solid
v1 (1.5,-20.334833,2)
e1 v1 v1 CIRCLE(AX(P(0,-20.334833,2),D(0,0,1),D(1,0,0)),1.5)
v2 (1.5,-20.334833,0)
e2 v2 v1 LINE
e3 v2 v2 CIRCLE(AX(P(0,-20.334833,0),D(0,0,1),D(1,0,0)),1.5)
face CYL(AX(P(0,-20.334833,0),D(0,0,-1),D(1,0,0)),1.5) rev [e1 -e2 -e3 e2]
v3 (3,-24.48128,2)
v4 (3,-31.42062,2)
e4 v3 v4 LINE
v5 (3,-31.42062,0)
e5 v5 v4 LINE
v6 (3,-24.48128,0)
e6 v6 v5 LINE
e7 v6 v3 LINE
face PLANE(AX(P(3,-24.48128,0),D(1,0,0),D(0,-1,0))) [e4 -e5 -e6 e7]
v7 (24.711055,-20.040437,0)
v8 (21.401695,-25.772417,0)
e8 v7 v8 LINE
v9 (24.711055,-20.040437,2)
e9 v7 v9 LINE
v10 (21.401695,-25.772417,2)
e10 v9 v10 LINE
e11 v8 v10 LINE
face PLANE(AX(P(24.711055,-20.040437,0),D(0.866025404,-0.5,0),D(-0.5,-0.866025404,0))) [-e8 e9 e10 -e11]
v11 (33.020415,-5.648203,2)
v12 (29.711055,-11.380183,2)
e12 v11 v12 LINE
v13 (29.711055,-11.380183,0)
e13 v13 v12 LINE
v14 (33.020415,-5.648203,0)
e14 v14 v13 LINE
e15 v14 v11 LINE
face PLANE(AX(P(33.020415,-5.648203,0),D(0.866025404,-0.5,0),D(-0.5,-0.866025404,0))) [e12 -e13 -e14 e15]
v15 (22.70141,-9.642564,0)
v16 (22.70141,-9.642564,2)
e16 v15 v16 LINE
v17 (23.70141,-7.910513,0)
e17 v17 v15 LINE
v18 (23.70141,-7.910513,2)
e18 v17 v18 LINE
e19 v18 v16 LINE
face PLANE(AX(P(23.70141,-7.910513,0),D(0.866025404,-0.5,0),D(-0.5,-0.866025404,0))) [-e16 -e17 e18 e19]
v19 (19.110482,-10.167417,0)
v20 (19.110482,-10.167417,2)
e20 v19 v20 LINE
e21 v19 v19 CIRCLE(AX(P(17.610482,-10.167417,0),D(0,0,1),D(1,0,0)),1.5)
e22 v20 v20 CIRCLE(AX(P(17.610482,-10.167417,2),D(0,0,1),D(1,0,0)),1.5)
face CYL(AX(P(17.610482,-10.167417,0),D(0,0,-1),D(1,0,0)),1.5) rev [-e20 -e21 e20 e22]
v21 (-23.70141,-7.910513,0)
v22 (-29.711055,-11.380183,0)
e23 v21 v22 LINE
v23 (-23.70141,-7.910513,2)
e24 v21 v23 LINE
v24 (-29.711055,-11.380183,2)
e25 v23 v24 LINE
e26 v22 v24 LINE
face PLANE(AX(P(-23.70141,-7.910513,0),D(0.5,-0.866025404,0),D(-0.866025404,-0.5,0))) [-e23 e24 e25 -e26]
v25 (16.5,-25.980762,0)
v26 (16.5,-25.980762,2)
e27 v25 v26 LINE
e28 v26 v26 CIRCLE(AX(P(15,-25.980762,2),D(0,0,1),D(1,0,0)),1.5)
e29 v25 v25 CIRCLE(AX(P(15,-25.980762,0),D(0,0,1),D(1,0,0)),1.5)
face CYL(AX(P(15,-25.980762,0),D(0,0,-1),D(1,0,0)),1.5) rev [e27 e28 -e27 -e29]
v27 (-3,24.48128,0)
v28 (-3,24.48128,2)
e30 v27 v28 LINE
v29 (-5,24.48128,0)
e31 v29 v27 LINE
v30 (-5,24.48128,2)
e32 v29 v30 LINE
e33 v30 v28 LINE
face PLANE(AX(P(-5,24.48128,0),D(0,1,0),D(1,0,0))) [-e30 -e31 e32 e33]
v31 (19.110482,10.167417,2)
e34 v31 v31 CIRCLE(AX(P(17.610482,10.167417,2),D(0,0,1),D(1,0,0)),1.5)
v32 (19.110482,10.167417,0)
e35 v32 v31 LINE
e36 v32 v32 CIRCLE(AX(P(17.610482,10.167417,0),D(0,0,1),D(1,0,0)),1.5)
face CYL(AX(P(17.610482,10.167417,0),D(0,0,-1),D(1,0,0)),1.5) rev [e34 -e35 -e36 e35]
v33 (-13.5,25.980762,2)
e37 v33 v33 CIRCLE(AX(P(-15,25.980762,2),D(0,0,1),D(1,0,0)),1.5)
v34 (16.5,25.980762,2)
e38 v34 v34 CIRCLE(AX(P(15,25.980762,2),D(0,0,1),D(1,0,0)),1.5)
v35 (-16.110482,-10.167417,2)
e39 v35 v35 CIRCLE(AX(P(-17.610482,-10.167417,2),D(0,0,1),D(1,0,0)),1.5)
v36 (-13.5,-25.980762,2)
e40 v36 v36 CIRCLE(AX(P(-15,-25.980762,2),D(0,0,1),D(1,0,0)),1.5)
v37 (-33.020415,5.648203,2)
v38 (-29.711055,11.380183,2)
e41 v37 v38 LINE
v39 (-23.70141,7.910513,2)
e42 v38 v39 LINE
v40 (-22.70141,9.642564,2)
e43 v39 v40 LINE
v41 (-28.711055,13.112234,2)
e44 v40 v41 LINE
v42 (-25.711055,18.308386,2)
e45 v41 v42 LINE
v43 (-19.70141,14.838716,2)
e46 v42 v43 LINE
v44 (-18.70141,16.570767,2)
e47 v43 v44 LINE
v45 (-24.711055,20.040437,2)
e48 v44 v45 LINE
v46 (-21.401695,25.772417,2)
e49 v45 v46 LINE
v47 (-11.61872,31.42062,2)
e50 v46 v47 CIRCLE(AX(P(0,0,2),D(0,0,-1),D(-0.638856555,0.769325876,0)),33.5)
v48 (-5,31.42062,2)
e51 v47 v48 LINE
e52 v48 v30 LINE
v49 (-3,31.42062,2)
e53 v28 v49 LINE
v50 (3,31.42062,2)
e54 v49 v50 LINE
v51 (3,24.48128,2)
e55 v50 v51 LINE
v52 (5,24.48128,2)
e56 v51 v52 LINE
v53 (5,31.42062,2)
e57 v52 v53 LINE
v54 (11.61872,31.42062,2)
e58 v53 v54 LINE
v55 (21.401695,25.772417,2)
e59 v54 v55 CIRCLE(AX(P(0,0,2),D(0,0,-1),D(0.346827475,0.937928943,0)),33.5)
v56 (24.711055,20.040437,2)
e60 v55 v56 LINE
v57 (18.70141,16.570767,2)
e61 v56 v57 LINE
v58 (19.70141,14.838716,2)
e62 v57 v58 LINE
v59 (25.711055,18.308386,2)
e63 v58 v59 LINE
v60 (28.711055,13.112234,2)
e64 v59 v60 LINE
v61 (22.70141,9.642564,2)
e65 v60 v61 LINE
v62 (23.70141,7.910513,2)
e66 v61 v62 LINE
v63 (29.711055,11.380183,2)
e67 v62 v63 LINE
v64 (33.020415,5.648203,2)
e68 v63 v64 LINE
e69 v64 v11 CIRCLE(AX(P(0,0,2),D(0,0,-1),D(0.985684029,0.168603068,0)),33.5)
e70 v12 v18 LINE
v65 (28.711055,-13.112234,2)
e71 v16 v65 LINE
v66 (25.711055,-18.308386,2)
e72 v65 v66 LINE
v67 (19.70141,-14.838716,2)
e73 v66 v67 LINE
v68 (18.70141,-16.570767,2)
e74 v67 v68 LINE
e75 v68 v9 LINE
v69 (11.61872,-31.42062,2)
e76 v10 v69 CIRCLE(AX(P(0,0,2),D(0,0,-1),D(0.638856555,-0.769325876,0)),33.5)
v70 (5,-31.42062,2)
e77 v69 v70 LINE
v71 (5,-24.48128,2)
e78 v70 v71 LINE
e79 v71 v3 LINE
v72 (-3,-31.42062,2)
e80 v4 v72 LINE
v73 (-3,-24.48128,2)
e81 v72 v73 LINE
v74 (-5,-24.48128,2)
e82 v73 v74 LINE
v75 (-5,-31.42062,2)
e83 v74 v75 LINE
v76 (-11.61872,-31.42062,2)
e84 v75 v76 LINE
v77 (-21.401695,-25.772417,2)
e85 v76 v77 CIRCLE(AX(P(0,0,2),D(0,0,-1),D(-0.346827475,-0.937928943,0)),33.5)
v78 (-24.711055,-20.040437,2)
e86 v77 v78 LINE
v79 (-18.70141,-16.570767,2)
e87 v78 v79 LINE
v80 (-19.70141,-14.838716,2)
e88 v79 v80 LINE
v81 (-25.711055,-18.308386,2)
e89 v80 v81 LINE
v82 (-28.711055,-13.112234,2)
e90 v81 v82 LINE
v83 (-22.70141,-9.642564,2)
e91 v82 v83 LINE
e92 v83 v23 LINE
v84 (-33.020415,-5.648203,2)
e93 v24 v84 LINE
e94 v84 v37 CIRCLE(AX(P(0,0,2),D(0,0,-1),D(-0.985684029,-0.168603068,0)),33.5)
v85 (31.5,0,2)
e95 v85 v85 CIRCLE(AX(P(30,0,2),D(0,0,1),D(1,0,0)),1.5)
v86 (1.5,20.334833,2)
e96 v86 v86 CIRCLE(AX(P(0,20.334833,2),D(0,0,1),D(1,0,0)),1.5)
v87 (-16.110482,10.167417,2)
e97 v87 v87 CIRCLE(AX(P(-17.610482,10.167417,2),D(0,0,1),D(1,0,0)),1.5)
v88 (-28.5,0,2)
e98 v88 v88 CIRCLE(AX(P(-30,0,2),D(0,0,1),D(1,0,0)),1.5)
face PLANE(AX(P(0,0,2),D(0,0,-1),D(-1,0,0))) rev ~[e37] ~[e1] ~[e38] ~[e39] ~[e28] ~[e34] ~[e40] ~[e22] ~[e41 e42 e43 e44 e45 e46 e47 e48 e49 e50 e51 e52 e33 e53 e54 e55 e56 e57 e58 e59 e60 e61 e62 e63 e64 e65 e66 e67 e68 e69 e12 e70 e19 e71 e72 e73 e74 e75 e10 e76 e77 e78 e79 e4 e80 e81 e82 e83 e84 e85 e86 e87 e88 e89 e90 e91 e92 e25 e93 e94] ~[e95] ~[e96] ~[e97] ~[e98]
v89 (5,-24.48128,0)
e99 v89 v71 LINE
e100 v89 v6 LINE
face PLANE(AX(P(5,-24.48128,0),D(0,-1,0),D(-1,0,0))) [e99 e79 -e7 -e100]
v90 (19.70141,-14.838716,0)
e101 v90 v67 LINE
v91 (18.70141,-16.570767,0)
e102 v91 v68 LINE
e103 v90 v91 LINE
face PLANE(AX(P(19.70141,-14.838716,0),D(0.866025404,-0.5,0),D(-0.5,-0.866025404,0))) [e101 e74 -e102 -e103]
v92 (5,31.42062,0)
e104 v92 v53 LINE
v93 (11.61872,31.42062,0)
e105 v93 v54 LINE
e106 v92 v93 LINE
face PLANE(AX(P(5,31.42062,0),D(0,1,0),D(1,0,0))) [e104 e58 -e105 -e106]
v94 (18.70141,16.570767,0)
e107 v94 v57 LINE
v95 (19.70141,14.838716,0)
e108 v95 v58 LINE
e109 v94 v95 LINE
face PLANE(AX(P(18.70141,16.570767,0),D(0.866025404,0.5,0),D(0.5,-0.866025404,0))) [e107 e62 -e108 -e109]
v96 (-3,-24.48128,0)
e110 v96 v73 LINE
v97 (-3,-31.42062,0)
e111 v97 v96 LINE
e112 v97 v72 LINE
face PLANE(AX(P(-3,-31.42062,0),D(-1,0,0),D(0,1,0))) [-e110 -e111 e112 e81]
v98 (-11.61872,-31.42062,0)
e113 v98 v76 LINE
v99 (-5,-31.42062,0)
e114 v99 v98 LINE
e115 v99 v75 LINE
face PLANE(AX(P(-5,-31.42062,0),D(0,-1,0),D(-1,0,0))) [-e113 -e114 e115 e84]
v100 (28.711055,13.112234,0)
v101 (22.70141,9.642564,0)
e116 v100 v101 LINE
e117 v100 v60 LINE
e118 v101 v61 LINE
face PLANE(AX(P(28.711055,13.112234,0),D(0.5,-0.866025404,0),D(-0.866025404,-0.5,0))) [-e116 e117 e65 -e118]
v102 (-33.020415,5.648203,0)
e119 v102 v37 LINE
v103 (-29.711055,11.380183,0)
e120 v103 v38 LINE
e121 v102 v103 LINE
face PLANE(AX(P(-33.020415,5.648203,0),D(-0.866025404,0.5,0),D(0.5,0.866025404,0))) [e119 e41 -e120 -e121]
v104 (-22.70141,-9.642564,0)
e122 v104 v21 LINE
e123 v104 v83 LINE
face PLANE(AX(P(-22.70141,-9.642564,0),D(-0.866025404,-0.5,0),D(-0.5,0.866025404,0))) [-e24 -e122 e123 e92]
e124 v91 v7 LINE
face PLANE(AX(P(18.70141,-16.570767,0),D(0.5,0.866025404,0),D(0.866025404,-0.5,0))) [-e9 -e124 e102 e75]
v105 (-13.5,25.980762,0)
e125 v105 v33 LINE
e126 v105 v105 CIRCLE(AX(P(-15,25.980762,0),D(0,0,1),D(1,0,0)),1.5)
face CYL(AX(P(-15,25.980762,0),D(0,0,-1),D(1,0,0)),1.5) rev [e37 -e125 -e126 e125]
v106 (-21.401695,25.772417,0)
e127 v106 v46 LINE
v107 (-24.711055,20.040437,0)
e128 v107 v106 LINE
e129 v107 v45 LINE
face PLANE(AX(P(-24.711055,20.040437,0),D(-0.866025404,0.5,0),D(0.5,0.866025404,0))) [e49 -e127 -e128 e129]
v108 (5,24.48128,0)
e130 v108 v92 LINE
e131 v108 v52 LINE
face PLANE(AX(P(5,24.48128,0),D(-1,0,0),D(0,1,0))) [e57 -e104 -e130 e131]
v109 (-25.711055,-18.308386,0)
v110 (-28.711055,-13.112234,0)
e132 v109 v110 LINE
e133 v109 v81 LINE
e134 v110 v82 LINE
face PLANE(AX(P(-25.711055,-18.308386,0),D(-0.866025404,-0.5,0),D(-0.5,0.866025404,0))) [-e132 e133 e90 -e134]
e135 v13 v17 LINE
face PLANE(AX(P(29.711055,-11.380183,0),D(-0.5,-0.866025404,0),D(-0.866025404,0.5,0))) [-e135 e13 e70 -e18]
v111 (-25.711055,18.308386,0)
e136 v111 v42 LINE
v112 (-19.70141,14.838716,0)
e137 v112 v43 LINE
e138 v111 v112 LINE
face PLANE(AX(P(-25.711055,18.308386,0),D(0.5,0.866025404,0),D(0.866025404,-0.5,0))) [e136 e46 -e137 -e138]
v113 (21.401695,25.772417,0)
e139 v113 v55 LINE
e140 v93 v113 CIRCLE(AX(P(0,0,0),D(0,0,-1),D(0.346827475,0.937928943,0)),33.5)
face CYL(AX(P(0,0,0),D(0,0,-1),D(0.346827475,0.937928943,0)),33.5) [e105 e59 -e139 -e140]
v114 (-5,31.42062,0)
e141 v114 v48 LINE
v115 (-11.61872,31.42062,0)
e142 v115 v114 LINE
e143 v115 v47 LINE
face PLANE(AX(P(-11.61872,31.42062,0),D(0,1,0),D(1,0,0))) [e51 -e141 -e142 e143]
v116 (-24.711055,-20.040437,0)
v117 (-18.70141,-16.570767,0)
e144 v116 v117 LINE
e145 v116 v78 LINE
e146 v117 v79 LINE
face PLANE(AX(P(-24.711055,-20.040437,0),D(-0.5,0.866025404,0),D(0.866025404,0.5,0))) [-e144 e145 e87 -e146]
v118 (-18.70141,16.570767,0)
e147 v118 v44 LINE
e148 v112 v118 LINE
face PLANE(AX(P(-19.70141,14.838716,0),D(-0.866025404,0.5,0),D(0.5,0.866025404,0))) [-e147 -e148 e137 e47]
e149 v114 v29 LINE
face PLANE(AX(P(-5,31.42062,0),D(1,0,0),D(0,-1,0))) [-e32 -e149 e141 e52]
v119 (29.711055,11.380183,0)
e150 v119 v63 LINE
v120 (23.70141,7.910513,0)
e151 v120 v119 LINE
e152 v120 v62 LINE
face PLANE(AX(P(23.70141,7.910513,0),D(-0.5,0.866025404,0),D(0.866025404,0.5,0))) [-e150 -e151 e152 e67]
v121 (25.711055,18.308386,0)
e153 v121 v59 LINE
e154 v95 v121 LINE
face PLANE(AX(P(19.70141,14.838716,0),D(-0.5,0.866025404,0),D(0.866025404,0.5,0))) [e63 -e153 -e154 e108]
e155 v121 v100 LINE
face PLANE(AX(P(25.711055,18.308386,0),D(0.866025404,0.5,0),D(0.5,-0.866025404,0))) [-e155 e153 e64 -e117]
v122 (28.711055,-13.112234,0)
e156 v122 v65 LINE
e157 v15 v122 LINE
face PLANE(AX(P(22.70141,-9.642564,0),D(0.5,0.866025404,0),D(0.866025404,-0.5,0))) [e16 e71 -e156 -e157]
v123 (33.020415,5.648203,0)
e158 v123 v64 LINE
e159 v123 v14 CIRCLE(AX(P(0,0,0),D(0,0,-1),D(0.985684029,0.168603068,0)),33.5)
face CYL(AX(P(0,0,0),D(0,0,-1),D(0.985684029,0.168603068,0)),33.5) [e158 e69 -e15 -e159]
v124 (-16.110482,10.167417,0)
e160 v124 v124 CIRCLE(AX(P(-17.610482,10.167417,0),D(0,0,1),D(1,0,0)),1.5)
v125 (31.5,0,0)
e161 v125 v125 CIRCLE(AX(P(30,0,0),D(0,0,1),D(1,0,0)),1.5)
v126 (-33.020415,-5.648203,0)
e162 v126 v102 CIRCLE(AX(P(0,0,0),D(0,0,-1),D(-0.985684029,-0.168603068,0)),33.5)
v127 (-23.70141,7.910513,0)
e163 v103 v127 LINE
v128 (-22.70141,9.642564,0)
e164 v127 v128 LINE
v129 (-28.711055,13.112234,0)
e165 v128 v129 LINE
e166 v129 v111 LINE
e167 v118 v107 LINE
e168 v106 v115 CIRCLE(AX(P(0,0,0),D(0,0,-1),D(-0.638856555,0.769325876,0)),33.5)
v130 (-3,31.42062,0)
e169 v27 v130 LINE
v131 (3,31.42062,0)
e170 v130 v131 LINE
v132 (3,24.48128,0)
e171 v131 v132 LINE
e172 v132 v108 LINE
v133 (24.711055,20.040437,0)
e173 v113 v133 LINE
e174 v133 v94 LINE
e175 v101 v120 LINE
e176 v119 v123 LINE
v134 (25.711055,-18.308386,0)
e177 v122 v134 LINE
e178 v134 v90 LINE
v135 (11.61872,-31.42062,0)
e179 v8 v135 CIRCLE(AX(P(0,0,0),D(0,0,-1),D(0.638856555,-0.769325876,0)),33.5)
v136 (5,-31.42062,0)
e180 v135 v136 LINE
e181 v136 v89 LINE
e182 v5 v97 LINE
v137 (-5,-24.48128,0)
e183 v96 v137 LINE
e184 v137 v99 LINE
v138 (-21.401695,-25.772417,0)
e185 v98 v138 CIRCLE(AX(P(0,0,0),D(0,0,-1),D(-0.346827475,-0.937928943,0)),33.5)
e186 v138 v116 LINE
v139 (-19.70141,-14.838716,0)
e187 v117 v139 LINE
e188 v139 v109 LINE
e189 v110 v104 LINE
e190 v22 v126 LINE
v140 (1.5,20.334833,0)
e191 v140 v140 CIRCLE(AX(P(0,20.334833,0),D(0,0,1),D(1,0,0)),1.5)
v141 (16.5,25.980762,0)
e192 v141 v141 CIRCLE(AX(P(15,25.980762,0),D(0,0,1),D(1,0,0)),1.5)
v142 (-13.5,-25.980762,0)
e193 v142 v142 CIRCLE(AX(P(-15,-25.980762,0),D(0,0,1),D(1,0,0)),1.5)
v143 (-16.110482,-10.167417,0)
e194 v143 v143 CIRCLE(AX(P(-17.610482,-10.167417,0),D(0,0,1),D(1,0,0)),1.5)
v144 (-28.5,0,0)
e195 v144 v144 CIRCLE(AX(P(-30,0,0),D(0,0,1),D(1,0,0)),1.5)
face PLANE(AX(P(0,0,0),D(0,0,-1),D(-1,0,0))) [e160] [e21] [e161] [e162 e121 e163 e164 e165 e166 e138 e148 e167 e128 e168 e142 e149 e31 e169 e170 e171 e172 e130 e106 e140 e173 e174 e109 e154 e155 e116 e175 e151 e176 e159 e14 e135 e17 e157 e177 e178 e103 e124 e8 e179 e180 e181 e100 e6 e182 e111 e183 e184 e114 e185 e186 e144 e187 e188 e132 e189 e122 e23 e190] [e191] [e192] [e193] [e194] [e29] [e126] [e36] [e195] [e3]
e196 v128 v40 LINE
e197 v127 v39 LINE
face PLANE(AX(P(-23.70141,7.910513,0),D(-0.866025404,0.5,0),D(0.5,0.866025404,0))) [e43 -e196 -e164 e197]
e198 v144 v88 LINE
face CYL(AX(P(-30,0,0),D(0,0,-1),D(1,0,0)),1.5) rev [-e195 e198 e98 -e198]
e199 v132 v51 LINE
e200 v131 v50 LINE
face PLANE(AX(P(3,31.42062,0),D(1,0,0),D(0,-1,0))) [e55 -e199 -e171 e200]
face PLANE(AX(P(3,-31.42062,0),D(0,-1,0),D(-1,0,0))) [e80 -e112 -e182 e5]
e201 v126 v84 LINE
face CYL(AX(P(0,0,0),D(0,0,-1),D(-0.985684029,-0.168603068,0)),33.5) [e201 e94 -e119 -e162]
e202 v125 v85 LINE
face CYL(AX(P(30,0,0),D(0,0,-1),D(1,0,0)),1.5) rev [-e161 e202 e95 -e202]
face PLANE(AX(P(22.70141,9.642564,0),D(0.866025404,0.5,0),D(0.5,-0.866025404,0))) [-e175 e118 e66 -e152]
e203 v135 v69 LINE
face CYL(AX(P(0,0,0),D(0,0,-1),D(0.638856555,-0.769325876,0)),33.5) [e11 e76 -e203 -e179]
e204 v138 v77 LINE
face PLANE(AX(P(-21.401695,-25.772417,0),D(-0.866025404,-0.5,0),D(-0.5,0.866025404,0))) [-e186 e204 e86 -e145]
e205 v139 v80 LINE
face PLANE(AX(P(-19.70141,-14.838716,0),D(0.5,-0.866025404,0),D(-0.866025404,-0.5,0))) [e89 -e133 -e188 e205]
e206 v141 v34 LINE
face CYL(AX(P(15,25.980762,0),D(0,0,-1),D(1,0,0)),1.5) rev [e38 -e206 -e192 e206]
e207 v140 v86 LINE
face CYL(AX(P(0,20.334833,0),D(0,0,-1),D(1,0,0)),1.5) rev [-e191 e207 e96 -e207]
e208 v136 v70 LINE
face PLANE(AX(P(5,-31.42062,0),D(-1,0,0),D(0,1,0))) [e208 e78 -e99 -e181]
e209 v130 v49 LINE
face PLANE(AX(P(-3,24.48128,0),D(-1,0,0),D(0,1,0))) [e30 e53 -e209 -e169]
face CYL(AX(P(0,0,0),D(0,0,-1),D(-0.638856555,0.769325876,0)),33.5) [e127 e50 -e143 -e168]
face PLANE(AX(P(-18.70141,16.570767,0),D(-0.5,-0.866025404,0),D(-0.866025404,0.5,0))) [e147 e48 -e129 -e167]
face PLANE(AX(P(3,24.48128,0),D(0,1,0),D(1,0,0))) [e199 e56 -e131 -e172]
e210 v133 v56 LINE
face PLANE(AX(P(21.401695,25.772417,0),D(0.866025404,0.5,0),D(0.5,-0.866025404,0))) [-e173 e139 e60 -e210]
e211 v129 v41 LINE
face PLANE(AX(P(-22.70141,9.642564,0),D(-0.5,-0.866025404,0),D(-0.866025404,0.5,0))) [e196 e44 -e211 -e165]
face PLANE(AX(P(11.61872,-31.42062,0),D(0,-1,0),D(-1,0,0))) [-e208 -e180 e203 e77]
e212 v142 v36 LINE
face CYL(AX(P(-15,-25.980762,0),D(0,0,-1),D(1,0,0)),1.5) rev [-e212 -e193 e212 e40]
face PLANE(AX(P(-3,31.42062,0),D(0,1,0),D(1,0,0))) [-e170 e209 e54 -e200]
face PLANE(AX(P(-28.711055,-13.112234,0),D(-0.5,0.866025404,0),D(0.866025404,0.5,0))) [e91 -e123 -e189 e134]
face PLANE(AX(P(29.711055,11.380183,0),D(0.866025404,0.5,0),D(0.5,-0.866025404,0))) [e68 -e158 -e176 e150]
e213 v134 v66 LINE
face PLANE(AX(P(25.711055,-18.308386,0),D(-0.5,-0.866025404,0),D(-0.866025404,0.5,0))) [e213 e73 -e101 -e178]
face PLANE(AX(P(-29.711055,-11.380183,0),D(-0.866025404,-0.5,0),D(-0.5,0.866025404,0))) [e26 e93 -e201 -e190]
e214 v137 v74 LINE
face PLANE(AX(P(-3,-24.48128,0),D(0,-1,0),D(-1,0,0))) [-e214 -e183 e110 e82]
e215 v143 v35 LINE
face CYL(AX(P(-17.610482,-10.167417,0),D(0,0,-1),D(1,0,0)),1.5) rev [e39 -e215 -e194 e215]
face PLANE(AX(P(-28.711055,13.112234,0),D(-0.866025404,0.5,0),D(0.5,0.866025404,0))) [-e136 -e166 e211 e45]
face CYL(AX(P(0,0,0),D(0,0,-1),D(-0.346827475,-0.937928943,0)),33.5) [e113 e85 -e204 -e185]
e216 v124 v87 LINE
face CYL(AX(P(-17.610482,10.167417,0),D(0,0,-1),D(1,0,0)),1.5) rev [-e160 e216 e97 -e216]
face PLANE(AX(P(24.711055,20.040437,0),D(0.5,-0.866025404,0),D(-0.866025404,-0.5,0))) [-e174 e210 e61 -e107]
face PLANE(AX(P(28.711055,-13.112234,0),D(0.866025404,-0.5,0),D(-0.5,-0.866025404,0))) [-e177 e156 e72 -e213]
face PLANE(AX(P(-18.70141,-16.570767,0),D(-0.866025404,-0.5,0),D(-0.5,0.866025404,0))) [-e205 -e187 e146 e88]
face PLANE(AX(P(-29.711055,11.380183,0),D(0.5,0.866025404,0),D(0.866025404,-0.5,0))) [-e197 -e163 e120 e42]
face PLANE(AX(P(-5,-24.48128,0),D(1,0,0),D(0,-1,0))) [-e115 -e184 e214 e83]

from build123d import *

# Parameters (mm, degrees)
MODEL_R             = 1.5
BOSS_EXTRUDE1_DEPTH = 2


with BuildPart() as part:
    # Model → Boss-Extrude1 (new body)
    with BuildSketch(Plane.XY):
        with BuildLine():
            Line((-18.701410202, -16.570766906), (-19.701410202, -14.838716098))
            Line((-19.701410202, -14.838716098), (-25.711054778, -18.308386013))
            Line((-25.711054778, -18.308386013), (-28.711054778, -13.11223359))
            Line((-28.711054778, -13.11223359), (-22.701410202, -9.642563676))
            Line((-22.701410202, -9.642563676), (-23.701410202, -7.910512868))
            Line((-23.701410202, -7.910512868), (-29.711054778, -11.380182782))
            Line((-29.711054778, -11.380182782), (-33.02041498, -5.648202773))
            ThreePointArc((-33.02041498, -5.648202773), (-33.5, 0), (-33.02041498, 5.648202773))
            Line((-33.02041498, 5.648202773), (-29.711054778, 11.380182782))
            Line((-29.711054778, 11.380182782), (-23.701410202, 7.910512868))
            Line((-23.701410202, 7.910512868), (-22.701410202, 9.642563676))
            Line((-22.701410202, 9.642563676), (-28.711054778, 13.11223359))
            Line((-28.711054778, 13.11223359), (-25.711054778, 18.308386013))
            Line((-25.711054778, 18.308386013), (-19.701410202, 14.838716098))
            Line((-19.701410202, 14.838716098), (-18.701410202, 16.570766906))
            Line((-18.701410202, 16.570766906), (-24.711054778, 20.04043682))
            Line((-24.711054778, 20.04043682), (-21.401694577, 25.77241683))
            ThreePointArc((-21.401694577, 25.77241683), (-16.75, 29.011851027), (-11.618720403, 31.420619602))
            Line((-11.618720403, 31.420619602), (-5, 31.420619602))
            Line((-5, 31.420619602), (-5, 24.481279774))
            Line((-5, 24.481279774), (-3, 24.481279774))
            Line((-3, 24.481279774), (-3, 31.420619602))
            Line((-3, 31.420619602), (3, 31.420619602))
            Line((3, 31.420619602), (3, 24.481279774))
            Line((3, 24.481279774), (5, 24.481279774))
            Line((5, 24.481279774), (5, 31.420619602))
            Line((5, 31.420619602), (11.618720403, 31.420619602))
            ThreePointArc((11.618720403, 31.420619602), (16.75, 29.011851027), (21.401694577, 25.77241683))
            Line((21.401694577, 25.77241683), (24.711054778, 20.04043682))
            Line((24.711054778, 20.04043682), (18.701410202, 16.570766906))
            Line((18.701410202, 16.570766906), (19.701410202, 14.838716098))
            Line((19.701410202, 14.838716098), (25.711054778, 18.308386013))
            Line((25.711054778, 18.308386013), (28.711054778, 13.11223359))
            Line((28.711054778, 13.11223359), (22.701410202, 9.642563676))
            Line((22.701410202, 9.642563676), (23.701410202, 7.910512868))
            Line((23.701410202, 7.910512868), (29.711054778, 11.380182782))
            Line((29.711054778, 11.380182782), (33.02041498, 5.648202773))
            ThreePointArc((33.02041498, 5.648202773), (33.5, 0), (33.02041498, -5.648202773))
            Line((33.02041498, -5.648202773), (29.711054778, -11.380182782))
            Line((29.711054778, -11.380182782), (23.701410202, -7.910512868))
            Line((23.701410202, -7.910512868), (22.701410202, -9.642563676))
            Line((22.701410202, -9.642563676), (28.711054778, -13.11223359))
            Line((28.711054778, -13.11223359), (25.711054778, -18.308386013))
            Line((25.711054778, -18.308386013), (19.701410202, -14.838716098))
            Line((19.701410202, -14.838716098), (18.701410202, -16.570766906))
            Line((18.701410202, -16.570766906), (24.711054778, -20.04043682))
            Line((24.711054778, -20.04043682), (21.401694577, -25.77241683))
            ThreePointArc((21.401694577, -25.77241683), (16.75, -29.011851027), (11.618720403, -31.420619602))
            Line((11.618720403, -31.420619602), (5, -31.420619602))
            Line((5, -31.420619602), (5, -24.481279774))
            Line((5, -24.481279774), (3, -24.481279774))
            Line((3, -24.481279774), (3, -31.420619602))
            Line((3, -31.420619602), (-3, -31.420619602))
            Line((-3, -31.420619602), (-3, -24.481279774))
            Line((-3, -24.481279774), (-5, -24.481279774))
            Line((-5, -24.481279774), (-5, -31.420619602))
            Line((-5, -31.420619602), (-11.618720403, -31.420619602))
            ThreePointArc((-11.618720403, -31.420619602), (-16.75, -29.011851027), (-21.401694577, -25.77241683))
            Line((-21.401694577, -25.77241683), (-24.711054778, -20.04043682))
            Line((-24.711054778, -20.04043682), (-18.701410202, -16.570766906))
        make_face()
        with Locations((-17.610482102, -10.167416582)):
            Circle(MODEL_R, mode=Mode.SUBTRACT)
        with Locations((-17.610482102, 10.167416582)):
            Circle(MODEL_R, mode=Mode.SUBTRACT)
        with Locations((0, -20.334833165)):
            Circle(MODEL_R, mode=Mode.SUBTRACT)
        with Locations((17.610482102, -10.167416582)):
            Circle(MODEL_R, mode=Mode.SUBTRACT)
        with Locations((0, 20.334833165)):
            Circle(MODEL_R, mode=Mode.SUBTRACT)
        with Locations((-30, 0)):
            Circle(MODEL_R, mode=Mode.SUBTRACT)
        with Locations((-15, -25.980762114)):
            Circle(MODEL_R, mode=Mode.SUBTRACT)
        with Locations((15, 25.980762114)):
            Circle(MODEL_R, mode=Mode.SUBTRACT)
        with Locations((-15, 25.980762114)):
            Circle(MODEL_R, mode=Mode.SUBTRACT)
        with Locations((15, -25.980762114)):
            Circle(MODEL_R, mode=Mode.SUBTRACT)
        with Locations((30, 0)):
            Circle(MODEL_R, mode=Mode.SUBTRACT)
        with Locations((17.610482102, 10.167416582)):
            Circle(MODEL_R, mode=Mode.SUBTRACT)
    extrude(amount=BOSS_EXTRUDE1_DEPTH)


solid = part.part
